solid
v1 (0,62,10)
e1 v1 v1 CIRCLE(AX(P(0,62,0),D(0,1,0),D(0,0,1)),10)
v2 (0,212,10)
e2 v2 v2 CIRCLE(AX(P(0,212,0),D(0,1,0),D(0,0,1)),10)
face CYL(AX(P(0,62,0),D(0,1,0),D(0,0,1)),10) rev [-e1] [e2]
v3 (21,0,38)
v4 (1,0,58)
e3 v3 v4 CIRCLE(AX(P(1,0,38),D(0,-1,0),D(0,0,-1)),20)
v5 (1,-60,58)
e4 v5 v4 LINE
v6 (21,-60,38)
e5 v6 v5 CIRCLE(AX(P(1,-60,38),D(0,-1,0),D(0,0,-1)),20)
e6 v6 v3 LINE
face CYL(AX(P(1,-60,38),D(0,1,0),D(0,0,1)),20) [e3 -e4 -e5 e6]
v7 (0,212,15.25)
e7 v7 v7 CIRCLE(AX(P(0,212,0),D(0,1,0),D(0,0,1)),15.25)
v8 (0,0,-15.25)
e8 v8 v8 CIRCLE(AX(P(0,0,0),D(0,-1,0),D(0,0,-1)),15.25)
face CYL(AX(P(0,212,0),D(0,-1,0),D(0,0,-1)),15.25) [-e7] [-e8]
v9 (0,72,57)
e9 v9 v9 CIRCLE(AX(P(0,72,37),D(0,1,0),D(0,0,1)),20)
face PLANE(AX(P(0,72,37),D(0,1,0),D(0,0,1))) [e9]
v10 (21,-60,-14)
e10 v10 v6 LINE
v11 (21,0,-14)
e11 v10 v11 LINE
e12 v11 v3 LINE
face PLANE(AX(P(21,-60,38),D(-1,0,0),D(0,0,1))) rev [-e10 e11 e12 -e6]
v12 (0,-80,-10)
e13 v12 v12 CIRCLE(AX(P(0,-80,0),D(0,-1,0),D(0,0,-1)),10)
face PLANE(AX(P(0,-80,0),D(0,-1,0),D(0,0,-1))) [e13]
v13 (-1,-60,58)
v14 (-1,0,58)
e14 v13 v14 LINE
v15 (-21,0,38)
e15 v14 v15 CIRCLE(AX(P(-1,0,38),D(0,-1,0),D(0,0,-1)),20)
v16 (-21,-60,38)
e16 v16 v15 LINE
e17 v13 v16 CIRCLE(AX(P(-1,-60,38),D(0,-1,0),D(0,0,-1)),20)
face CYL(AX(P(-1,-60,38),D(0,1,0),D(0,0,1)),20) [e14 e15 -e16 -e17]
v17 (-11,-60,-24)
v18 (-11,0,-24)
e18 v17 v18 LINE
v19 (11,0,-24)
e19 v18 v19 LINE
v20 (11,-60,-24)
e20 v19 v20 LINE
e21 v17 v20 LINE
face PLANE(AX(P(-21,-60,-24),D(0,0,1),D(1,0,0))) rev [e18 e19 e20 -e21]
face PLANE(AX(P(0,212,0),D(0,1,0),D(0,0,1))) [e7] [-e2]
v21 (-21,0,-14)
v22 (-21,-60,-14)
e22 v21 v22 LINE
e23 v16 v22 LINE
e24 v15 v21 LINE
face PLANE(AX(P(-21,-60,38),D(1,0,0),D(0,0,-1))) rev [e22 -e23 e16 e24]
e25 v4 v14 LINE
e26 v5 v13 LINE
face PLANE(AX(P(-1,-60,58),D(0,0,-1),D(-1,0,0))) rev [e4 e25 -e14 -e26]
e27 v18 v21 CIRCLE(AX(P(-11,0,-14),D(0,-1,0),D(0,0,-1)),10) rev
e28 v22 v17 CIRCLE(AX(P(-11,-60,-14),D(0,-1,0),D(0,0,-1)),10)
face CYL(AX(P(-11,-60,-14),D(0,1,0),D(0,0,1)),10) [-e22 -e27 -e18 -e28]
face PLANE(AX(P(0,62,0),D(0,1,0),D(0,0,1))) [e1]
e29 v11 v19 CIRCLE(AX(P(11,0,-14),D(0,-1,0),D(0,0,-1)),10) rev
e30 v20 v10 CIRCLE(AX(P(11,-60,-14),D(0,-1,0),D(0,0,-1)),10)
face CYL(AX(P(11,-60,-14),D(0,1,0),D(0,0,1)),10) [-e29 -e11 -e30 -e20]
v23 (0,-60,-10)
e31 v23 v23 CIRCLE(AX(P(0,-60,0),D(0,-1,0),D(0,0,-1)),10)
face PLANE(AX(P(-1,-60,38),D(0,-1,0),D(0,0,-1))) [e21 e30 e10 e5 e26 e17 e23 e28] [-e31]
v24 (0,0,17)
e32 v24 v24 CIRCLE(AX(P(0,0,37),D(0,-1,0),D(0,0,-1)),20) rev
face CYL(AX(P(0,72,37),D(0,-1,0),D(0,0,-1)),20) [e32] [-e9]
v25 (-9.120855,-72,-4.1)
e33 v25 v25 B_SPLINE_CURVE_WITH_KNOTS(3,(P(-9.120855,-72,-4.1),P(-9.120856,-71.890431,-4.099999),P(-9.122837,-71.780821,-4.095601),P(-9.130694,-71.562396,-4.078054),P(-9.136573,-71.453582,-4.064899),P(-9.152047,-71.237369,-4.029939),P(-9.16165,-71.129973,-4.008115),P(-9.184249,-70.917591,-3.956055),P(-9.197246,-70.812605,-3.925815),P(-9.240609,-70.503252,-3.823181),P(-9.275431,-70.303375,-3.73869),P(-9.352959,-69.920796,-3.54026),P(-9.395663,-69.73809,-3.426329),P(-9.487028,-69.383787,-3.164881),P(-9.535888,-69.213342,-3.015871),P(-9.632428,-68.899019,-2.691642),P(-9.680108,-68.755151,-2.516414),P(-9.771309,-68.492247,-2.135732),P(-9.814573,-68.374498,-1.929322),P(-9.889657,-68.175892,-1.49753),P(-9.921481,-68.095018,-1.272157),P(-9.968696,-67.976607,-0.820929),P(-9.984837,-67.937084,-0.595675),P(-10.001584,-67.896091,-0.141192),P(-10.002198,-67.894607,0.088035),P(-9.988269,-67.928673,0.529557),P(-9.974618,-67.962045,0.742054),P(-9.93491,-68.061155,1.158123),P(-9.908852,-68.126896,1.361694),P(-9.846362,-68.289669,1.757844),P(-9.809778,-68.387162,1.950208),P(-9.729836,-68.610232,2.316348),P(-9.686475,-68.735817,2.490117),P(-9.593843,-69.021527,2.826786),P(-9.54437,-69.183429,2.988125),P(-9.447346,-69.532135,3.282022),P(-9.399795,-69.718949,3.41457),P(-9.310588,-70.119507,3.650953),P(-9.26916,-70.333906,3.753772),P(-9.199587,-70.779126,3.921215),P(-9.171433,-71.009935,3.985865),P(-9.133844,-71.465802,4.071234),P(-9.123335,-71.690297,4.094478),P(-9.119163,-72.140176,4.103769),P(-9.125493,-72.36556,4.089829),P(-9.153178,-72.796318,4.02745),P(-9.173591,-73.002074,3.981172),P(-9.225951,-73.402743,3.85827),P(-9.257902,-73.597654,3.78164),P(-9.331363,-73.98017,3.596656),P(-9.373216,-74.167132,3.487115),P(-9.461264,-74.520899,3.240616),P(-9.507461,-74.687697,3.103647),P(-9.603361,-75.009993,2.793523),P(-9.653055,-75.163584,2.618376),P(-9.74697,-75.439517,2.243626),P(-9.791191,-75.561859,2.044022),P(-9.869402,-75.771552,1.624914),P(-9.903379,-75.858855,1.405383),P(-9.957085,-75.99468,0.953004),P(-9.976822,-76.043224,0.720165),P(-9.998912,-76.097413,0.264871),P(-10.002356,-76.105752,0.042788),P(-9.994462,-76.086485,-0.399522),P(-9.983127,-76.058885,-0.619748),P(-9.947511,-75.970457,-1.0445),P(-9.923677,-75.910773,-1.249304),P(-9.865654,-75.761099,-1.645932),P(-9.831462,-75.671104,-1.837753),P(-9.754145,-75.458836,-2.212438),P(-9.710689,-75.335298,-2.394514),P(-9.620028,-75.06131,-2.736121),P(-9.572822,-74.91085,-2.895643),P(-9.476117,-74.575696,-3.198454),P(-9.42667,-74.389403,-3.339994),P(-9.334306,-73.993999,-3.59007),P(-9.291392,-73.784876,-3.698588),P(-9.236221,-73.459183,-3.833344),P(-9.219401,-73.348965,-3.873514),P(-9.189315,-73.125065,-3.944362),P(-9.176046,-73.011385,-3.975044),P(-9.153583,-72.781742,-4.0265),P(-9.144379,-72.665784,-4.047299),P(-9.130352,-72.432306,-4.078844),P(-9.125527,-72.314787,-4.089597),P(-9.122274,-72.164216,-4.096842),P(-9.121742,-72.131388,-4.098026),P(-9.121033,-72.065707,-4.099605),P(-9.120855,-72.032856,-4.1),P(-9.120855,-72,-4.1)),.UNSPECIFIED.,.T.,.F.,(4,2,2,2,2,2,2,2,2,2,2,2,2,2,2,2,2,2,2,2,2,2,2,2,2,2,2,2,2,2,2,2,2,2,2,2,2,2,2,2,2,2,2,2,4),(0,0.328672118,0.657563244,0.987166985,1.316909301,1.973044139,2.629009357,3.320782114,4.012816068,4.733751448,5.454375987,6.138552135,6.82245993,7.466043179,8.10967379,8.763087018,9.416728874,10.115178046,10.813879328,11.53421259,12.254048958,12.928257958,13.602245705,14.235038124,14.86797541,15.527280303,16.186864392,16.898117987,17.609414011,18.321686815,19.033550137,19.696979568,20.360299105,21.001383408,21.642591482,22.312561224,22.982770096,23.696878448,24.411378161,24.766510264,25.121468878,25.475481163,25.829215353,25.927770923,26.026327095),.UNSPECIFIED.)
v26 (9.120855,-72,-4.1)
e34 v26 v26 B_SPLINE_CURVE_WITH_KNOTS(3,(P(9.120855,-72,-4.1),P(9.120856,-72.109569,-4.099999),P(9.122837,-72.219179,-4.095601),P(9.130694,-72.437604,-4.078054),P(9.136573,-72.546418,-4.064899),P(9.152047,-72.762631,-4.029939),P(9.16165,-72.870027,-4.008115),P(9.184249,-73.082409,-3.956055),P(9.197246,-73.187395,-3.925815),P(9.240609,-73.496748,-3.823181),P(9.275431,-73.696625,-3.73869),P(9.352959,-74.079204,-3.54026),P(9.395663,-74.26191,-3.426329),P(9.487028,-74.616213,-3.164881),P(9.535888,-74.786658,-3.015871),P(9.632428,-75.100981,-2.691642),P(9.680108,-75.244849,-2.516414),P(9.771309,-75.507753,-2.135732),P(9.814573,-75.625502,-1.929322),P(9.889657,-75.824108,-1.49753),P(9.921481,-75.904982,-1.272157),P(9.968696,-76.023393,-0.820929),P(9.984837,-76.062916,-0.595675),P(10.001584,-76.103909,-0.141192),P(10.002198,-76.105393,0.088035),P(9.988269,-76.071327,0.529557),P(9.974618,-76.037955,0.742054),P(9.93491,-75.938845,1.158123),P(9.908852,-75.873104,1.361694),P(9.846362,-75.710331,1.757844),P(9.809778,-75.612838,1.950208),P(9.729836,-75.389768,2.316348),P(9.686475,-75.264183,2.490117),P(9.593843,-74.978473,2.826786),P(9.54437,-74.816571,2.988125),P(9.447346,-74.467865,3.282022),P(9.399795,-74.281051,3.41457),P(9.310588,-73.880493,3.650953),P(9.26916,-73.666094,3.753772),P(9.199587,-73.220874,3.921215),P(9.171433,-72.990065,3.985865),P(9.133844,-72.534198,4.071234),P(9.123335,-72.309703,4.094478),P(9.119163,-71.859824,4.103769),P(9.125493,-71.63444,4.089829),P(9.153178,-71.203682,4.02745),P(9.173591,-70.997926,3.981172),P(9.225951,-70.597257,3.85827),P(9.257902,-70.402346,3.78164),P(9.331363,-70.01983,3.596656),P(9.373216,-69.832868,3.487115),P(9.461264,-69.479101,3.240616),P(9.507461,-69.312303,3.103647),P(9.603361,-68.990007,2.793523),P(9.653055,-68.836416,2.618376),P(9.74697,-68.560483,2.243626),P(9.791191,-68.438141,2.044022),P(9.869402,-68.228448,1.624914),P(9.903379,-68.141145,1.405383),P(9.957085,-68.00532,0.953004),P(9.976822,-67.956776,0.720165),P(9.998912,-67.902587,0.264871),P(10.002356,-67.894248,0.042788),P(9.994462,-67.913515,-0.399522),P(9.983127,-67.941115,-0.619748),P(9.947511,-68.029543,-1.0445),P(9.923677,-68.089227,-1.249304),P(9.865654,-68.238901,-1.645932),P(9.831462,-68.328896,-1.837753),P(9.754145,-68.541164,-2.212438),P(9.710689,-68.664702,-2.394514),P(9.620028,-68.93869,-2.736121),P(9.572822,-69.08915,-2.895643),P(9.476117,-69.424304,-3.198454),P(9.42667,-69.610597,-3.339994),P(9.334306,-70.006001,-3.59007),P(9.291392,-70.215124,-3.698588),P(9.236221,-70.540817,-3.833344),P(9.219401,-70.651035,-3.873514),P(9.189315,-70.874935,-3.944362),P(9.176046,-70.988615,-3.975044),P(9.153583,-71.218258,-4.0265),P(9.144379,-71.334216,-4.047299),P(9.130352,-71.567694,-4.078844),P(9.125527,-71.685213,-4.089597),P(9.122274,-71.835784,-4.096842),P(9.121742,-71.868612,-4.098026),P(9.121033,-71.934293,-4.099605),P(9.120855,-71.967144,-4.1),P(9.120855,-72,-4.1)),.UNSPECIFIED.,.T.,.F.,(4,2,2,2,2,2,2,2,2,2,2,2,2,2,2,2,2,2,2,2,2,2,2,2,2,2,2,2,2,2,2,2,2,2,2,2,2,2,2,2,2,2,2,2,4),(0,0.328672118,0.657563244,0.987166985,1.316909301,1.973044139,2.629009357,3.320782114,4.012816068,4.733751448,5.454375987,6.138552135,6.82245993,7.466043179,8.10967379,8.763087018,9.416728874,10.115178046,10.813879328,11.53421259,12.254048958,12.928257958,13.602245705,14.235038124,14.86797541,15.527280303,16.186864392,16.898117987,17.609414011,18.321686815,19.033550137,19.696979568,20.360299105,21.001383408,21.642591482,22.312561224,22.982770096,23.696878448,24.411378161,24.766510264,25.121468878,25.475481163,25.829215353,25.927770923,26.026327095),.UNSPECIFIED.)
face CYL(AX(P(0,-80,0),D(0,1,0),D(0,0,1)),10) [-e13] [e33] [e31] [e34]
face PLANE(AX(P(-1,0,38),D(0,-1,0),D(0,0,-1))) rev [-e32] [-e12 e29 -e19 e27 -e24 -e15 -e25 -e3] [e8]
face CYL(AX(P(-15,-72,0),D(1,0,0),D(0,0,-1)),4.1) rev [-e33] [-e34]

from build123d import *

# Parameters (mm, degrees)
SKETCH1_R      = 15.25
EXTRUDE1_DEPTH = 212
EXTRUDE2_DEPTH = 60
SKETCH3_R      = 20
EXTRUDE3_DEPTH = 72
SKETCH4_R      = 10
EXTRUDE4_DEPTH = 20
SKETCH5_R      = 4.1
EXTRUDE5_DEPTH = 15
SKETCH6_R      = 10
EXTRUDE6_DEPTH = 150
FILLET_1_R     = 10


with BuildPart() as part:
    # Sketch1 → Extrude1 (new body)
    with BuildSketch(Plane(origin=(0, 0, 0), x_dir=(1, 0, 0), z_dir=(0, 1, 0))):
        with Locations(Location((0, 0, 0), (0, 0, 270))):
            Circle(SKETCH1_R)
    extrude(amount=EXTRUDE1_DEPTH)

    # Sketch2 → Extrude2 (add)
    with BuildSketch(Plane.XZ):
        with BuildLine():
            Line((-1, 58), (1, 58))
            ThreePointArc((1, 58), (15.142135624, 52.142135624), (21, 38))
            Line((21, 38), (21, -24))
            Line((21, -24), (-21, -24))
            Line((-21, -24), (-21, 38))
            ThreePointArc((-21, 38), (-15.142135624, 52.142135624), (-1, 58))
        make_face()
    extrude(amount=EXTRUDE2_DEPTH)

    # Sketch3 → Extrude3 (add)
    with BuildSketch(Plane(origin=(0, 0, 0), x_dir=(1, 0, 0), z_dir=(0, 1, 0))):
        with Locations(Location((0, -37, 0), (0, 0, 90))):
            Circle(SKETCH3_R)
    extrude(amount=EXTRUDE3_DEPTH)

    # Sketch4 → Extrude4 (add)
    with BuildSketch(Plane.XZ.offset(60)):
        with Locations(Location((0, 0, 0), (0, 0, 270))):
            Circle(SKETCH4_R)
    extrude(amount=EXTRUDE4_DEPTH)

    # Sketch5 → Extrude5 (cut, symmetric)
    with BuildSketch(Plane(origin=(0, 0, 0), x_dir=(0, 0, -1), z_dir=(1, 0, 0))):
        with Locations((0, -72)):
            Circle(SKETCH5_R)
    extrude(amount=EXTRUDE5_DEPTH, both=True, mode=Mode.SUBTRACT)

    # Sketch6 → Extrude6 (cut)
    with BuildSketch(Plane(origin=(0, 212, 0), x_dir=(1, 0, 0), z_dir=(0, 1, 0))):
        with Locations(Location((0, 0, 0), (0, 0, 90))):
            Circle(SKETCH6_R)
    extrude(amount=-EXTRUDE6_DEPTH, mode=Mode.SUBTRACT)

    # Скругление1
    fillet_1_edges = [part.edges().sort_by_distance(p)[0] for p in [
        (21, -30, -24),
        (-21, -30, -24),
    ]]
    fillet(fillet_1_edges, radius=FILLET_1_R)


solid = part.part
